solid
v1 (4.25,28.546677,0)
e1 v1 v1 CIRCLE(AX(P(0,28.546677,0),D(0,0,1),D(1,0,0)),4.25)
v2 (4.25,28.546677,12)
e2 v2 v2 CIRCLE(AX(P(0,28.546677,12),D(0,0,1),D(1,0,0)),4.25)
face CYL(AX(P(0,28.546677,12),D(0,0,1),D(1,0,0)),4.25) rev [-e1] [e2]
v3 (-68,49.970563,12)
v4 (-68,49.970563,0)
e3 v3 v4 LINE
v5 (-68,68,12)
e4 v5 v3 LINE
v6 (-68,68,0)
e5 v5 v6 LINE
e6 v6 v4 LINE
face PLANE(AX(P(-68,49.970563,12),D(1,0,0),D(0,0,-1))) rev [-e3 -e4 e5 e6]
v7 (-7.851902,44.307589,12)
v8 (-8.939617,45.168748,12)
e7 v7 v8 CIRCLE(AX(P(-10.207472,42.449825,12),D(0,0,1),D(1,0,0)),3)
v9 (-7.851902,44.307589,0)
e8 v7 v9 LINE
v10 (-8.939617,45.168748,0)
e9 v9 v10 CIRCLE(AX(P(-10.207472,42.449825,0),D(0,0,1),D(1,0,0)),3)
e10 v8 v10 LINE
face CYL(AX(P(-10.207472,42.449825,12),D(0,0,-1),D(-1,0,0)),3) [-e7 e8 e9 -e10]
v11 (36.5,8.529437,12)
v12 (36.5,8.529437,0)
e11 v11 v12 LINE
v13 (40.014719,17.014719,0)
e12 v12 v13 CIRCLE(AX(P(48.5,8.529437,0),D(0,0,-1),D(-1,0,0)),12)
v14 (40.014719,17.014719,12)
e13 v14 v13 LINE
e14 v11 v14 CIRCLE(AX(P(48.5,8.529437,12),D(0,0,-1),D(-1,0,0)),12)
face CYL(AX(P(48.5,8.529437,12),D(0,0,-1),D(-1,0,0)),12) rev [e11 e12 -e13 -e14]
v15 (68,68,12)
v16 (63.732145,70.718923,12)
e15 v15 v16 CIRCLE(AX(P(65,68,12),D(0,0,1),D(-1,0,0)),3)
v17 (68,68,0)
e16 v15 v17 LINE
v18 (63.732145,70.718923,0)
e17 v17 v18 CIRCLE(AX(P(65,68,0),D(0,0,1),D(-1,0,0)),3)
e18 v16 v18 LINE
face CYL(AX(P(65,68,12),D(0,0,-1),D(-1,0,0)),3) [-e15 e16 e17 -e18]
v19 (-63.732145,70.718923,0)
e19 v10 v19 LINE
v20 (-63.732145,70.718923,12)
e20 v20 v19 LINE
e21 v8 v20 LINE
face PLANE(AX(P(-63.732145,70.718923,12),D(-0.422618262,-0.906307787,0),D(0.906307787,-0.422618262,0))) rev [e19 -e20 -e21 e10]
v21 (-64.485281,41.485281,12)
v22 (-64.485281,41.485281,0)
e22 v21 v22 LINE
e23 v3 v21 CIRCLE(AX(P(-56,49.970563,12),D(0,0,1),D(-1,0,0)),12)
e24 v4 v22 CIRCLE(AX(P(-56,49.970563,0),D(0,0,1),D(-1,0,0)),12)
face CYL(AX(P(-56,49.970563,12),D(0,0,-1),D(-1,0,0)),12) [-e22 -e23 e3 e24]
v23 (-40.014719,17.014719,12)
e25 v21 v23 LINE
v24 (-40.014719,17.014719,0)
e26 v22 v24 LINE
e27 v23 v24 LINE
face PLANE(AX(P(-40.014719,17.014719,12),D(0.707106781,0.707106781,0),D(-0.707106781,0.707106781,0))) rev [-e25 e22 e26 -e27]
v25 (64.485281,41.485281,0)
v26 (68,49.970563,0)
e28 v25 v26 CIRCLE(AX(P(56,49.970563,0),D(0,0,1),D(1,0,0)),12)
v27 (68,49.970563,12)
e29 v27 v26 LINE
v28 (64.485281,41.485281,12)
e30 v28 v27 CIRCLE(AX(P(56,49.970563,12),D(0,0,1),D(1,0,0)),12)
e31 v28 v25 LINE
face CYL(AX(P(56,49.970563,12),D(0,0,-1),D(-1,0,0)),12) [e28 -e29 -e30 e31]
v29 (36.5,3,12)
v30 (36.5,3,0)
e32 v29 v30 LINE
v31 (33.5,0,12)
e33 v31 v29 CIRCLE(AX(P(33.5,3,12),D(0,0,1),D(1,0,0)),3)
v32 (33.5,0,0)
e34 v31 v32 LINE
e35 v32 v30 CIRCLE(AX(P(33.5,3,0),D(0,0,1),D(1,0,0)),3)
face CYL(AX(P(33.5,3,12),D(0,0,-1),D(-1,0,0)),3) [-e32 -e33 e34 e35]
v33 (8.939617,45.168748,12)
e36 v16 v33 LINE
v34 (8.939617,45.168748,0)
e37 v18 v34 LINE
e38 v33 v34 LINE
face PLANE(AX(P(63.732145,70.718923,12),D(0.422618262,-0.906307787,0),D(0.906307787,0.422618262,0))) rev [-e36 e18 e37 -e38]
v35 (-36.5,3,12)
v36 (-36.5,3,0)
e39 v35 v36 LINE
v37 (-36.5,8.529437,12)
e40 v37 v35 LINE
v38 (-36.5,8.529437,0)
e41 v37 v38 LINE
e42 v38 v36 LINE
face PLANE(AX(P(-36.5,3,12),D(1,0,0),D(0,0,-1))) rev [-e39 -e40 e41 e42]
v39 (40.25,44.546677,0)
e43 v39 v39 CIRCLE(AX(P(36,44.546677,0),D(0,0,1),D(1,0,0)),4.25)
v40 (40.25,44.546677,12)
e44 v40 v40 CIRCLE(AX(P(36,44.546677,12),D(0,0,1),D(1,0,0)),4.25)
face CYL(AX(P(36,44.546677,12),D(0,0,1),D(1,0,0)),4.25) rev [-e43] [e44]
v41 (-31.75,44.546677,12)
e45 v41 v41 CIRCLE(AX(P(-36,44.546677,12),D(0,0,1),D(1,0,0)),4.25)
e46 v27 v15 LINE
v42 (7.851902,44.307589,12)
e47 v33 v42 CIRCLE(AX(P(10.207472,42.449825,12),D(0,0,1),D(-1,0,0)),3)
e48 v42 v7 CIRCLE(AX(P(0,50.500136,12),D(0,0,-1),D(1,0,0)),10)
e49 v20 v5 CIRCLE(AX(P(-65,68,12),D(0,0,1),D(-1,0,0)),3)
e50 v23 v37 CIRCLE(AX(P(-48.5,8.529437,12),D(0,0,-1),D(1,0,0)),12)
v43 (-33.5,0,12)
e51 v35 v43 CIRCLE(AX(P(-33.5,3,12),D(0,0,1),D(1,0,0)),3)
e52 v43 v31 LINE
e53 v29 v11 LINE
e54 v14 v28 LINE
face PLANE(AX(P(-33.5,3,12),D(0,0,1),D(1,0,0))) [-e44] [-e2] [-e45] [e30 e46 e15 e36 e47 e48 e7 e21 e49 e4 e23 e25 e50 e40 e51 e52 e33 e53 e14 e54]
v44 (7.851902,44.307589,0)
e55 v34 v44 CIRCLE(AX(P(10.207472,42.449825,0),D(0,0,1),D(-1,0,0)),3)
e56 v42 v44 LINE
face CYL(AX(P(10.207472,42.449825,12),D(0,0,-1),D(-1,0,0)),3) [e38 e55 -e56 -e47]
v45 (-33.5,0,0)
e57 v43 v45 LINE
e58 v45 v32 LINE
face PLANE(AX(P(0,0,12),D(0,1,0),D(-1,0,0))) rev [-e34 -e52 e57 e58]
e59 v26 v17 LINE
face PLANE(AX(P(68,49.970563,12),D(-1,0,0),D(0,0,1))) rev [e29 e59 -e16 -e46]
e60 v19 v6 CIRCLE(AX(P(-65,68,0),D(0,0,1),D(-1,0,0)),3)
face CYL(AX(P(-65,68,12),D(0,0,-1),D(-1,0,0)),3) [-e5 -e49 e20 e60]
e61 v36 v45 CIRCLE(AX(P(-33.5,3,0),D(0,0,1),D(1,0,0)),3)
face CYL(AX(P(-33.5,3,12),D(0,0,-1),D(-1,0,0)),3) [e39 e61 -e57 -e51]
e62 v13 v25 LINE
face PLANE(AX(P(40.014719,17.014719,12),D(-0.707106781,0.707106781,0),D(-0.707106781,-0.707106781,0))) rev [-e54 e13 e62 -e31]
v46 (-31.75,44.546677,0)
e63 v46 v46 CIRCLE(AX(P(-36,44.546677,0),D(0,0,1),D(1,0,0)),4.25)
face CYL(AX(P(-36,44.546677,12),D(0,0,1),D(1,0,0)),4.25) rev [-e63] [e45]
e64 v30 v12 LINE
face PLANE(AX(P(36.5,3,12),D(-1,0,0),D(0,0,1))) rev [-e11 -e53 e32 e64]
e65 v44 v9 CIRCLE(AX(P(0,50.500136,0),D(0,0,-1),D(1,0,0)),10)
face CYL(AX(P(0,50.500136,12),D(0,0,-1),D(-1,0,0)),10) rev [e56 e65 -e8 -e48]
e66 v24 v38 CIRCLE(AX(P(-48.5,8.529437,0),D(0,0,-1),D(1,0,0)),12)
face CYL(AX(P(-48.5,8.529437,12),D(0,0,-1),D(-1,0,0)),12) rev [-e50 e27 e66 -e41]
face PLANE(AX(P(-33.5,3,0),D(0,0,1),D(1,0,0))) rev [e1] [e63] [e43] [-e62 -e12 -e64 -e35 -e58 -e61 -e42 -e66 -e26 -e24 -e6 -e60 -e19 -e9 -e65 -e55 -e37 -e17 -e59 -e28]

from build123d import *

# Parameters (mm, degrees)
EXTRUDE1_DEPTH         = 12
M10_GEVINDHULLER_D     = 8.5
M10_GEVINDHULLER_DEPTH = 22
M10_GEVINDHULLER_TIP   = 2.553657631


with BuildPart() as part:
    # Sketch1 → Extrude1 (new body)
    with BuildSketch(Plane.XY):
        with BuildLine():
            Line((36.5, 3), (36.5, 8.529437252))
            ThreePointArc((36.5, 8.529437252), (37.41344561, 13.12163844), (40.014718626, 17.014718626))
            Line((40.014718626, 17.014718626), (64.485281374, 41.485281374))
            ThreePointArc((64.485281374, 41.485281374), (67.08655439, 45.37836156), (68, 49.970562748))
            Line((68, 49.970562748), (68, 68))
            ThreePointArc((68, 68), (66.611898825, 70.530174337), (63.732145215, 70.718923361))
            Line((63.732145215, 70.718923361), (8.939617358, 45.168748012))
            ThreePointArc((8.939617358, 45.168748012), (8.345295598, 44.801908517), (7.851901649, 44.307588803))
            ThreePointArc((7.851901649, 44.307588803), (0, 40.500135977), (-7.851901649, 44.307588803))
            ThreePointArc((-7.851901649, 44.307588803), (-8.345295598, 44.801908517), (-8.939617358, 45.168748012))
            Line((-8.939617358, 45.168748012), (-63.732145215, 70.718923361))
            ThreePointArc((-63.732145215, 70.718923361), (-66.611898825, 70.530174337), (-68, 68))
            Line((-68, 68), (-68, 49.970562748))
            ThreePointArc((-68, 49.970562748), (-67.08655439, 45.37836156), (-64.485281374, 41.485281374))
            Line((-64.485281374, 41.485281374), (-40.014718626, 17.014718626))
            ThreePointArc((-40.014718626, 17.014718626), (-37.41344561, 13.12163844), (-36.5, 8.529437252))
            Line((-36.5, 8.529437252), (-36.5, 3))
            ThreePointArc((-36.5, 3), (-35.621320344, 0.878679656), (-33.5, 0))
            Line((-33.5, 0), (0, 0))
            Line((0, 0), (33.5, 0))
            ThreePointArc((33.5, 0), (35.621320344, 0.878679656), (36.5, 3))
        make_face()
    extrude(amount=EXTRUDE1_DEPTH)

    # M10 gevindhuller
    with Locations(Plane.XY.offset(12)):
        with Locations((-36, 44.546676643), (0, 28.546676643), (36, 44.546676643)):
            Hole(M10_GEVINDHULLER_D / 2, depth=M10_GEVINDHULLER_DEPTH)
            with Locations((0, 0, -(M10_GEVINDHULLER_DEPTH + M10_GEVINDHULLER_TIP / 2))):  # 118° drill point
                Cone(0, M10_GEVINDHULLER_D / 2, M10_GEVINDHULLER_TIP, mode=Mode.SUBTRACT)


solid = part.part
